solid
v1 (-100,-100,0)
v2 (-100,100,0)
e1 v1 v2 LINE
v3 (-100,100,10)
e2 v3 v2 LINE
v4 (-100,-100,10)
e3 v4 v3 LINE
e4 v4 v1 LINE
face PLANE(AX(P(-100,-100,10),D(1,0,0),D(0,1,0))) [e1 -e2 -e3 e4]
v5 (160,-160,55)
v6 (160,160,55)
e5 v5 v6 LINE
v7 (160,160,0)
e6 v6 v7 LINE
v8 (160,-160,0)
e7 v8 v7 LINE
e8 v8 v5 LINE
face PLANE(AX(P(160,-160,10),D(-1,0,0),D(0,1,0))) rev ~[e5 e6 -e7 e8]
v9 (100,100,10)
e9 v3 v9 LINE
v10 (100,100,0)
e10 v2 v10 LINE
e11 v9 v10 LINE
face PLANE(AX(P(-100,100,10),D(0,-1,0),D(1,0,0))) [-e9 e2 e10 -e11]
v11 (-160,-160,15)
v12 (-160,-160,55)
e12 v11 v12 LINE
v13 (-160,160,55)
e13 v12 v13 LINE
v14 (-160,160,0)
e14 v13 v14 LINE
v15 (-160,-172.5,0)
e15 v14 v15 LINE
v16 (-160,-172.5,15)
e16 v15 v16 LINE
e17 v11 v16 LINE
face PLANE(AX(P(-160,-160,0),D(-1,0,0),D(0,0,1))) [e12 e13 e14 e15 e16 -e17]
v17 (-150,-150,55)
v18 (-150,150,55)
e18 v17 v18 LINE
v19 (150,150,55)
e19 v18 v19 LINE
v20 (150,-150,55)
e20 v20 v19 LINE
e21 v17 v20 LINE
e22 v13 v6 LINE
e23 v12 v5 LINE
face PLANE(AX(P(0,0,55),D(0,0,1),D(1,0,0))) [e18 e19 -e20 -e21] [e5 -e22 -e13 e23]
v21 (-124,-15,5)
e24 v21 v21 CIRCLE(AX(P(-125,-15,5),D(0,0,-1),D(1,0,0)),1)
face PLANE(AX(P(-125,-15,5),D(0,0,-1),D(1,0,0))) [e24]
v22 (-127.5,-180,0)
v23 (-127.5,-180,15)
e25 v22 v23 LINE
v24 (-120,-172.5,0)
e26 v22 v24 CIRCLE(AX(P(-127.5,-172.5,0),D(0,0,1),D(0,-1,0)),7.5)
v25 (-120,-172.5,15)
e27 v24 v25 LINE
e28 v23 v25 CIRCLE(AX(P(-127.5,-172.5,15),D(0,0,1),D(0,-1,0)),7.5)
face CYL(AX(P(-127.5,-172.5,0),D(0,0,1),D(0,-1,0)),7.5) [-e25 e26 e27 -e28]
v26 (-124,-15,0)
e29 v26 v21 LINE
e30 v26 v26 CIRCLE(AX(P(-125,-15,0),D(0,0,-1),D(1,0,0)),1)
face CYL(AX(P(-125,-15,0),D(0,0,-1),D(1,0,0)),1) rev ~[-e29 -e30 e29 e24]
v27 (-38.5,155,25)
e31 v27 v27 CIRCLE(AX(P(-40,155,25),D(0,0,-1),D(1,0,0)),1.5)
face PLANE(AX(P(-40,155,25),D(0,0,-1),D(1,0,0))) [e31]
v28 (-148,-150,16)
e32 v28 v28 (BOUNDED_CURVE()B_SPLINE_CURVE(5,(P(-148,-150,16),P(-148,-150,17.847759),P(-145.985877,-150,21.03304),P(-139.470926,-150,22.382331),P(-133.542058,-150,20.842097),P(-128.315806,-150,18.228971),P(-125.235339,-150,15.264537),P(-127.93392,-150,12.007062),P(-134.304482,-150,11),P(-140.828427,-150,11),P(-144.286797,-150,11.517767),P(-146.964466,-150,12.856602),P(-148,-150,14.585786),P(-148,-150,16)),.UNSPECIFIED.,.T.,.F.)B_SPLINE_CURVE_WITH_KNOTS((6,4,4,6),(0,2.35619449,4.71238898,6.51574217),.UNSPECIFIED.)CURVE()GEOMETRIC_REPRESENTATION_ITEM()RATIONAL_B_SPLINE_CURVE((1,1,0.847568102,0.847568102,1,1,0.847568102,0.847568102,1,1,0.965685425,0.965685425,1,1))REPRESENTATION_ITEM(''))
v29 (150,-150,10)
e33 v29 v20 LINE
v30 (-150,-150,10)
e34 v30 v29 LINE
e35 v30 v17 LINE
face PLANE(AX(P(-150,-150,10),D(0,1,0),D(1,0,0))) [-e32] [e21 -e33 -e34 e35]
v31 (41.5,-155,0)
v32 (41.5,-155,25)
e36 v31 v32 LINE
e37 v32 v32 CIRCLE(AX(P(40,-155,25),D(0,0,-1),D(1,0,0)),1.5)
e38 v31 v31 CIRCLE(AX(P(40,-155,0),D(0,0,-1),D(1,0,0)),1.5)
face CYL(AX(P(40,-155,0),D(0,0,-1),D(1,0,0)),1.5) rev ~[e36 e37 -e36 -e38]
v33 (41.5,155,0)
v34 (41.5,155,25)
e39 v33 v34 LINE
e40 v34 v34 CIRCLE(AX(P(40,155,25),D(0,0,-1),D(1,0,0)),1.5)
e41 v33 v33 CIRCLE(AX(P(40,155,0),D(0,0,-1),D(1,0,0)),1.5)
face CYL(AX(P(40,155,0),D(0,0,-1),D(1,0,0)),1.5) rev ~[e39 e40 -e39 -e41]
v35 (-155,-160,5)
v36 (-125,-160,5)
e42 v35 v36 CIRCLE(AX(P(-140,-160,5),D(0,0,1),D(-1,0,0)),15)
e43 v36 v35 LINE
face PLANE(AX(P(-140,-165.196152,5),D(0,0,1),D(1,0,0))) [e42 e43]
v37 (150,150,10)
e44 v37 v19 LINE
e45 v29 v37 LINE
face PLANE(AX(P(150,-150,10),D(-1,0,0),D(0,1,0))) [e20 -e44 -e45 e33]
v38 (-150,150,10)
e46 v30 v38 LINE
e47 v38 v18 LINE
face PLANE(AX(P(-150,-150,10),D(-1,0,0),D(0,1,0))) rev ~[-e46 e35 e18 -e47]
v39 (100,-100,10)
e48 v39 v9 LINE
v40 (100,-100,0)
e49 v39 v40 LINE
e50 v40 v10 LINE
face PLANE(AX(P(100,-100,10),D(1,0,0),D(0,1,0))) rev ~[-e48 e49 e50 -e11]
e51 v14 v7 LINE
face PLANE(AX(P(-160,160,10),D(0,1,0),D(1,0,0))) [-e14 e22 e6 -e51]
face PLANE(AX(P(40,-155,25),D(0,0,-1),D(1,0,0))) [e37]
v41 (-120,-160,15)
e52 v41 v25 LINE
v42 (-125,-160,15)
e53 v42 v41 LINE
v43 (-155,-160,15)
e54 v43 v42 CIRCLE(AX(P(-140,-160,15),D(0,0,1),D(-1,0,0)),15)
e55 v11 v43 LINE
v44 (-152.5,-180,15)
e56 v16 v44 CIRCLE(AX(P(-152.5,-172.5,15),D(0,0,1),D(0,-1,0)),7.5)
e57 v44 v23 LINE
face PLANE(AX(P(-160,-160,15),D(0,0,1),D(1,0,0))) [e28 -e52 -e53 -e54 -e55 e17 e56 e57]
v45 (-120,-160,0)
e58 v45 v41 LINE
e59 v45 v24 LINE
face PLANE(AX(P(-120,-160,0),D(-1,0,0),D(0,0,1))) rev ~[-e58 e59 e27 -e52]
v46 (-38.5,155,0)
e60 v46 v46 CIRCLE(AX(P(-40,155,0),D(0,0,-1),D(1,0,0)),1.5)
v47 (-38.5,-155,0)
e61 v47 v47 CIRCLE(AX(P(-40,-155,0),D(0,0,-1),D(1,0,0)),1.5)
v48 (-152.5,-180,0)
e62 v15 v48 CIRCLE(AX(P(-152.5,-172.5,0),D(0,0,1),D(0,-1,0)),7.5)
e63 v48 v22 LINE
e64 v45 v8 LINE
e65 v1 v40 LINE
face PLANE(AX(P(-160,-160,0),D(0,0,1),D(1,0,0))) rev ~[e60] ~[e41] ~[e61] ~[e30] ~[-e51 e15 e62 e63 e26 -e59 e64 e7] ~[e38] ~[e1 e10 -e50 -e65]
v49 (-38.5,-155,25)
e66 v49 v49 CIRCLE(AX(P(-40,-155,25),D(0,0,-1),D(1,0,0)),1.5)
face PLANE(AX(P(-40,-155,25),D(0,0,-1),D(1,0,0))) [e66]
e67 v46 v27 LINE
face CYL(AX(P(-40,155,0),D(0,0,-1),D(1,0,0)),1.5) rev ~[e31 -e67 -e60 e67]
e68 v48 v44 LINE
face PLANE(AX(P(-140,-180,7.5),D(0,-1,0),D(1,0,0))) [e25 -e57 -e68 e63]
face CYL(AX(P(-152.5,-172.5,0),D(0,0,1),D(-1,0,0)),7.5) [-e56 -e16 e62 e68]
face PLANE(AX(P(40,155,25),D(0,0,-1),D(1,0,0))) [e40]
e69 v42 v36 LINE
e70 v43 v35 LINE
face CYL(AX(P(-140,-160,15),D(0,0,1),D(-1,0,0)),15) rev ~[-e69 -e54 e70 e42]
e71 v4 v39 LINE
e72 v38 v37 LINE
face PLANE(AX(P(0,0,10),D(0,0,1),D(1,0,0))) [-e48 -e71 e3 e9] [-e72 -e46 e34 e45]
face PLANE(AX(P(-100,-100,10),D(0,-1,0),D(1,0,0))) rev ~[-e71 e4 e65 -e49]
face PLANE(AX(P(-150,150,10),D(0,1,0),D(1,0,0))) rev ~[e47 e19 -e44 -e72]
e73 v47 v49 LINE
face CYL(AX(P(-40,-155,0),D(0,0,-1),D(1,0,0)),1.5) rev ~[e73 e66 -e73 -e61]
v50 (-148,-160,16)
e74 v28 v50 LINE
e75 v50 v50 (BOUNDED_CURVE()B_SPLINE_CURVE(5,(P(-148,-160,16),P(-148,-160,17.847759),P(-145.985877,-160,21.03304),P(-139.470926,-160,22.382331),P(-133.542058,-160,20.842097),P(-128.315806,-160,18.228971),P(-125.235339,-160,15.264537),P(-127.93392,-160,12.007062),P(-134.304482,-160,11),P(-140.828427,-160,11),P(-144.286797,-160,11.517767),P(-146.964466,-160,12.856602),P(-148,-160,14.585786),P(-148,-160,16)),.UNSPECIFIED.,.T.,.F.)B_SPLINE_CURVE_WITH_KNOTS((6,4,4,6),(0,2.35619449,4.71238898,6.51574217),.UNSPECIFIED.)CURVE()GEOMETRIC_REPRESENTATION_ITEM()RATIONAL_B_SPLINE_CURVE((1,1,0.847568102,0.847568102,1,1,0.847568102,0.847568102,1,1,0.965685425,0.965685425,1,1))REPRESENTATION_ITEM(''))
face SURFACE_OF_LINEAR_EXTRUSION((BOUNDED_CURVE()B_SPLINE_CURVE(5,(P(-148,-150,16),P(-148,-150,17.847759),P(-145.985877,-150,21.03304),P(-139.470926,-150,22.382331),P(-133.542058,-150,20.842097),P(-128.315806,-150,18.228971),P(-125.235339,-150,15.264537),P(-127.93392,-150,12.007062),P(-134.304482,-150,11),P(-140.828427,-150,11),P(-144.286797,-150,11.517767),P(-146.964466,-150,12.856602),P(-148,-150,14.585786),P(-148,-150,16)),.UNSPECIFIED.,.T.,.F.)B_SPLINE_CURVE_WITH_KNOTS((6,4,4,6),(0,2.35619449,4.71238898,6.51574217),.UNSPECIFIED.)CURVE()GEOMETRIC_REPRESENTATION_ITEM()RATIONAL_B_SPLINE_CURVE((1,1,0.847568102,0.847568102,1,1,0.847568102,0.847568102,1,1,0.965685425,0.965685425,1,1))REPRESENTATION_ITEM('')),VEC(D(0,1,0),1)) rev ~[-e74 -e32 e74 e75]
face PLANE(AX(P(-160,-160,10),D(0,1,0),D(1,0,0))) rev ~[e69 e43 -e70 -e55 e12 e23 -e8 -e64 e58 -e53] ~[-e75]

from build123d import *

# Parameters (mm, degrees)
F0_W      = 320
F0_H      = 320
F1_DEPTH  = 10
F2_W      = 320
F2_H      = 320
F2_W_2    = 300
F2_H_2    = 300
F3_DEPTH  = 45
F4_W      = 200
F4_H      = 200
F5_DEPTH  = 25
F6_W      = 40
F6_H      = 15
F7_DEPTH  = 20
F9_DEPTH  = 10
F10_R     = 7.5
F12_DEPTH = 10
F13_R     = 1.5
F14_DEPTH = 25
F15_R     = 1
F16_DEPTH = 5


with BuildPart() as f1:
    # F0 (on Top) → F1 (new body)
    with BuildSketch(Plane.XY):
        Rectangle(F0_W, F0_H)
    extrude(amount=F1_DEPTH)

    # F2 (on face) → F3 (join)
    with BuildSketch(Plane.XY.offset(10)):
        Rectangle(F2_W, F2_H)
        Rectangle(F2_W_2, F2_H_2, mode=Mode.SUBTRACT)
    extrude(amount=F3_DEPTH)

    # F4 (on face) → F5 (cut)
    with BuildSketch(Plane.XY.offset(10)):
        Rectangle(F4_W, F4_H)
    extrude(amount=-F5_DEPTH, mode=Mode.SUBTRACT)

    # F6 (on face) → F7 (join)
    with BuildSketch(Plane.XZ.offset(160)):
        with Locations((-140, 7.5)):
            Rectangle(F6_W, F6_H)
    extrude(amount=F7_DEPTH)

    # F8 (on face) → F9 (cut)
    with BuildSketch(Plane.XY.offset(15)):
        with BuildLine():
            Line((-125, -160), (-155, -160))
            ThreePointArc((-155, -160), (-140, -175), (-125, -160))
        make_face()
    extrude(amount=-F9_DEPTH, mode=Mode.SUBTRACT)

    # F10
    f10_edges = [f1.edges().sort_by_distance(p)[0] for p in [
        (-120, -180, 7.5),
        (-160, -180, 7.5),
    ]]
    fillet(f10_edges, radius=F10_R)

    # F11 (on face) → F12 (cut)
    with BuildSketch(Plane(origin=(0, -150, 0), x_dir=(-1, 0, 0), z_dir=(0, 1, 0))):
        with BuildLine():
            add(Edge.make_bspline(
                [(138, 11), (148, 11), (148, 16)],
                knots=[4.7123889804, 4.7123889804, 4.7123889804, 6.2831853072, 6.2831853072, 6.2831853072], degree=2, weights=[1, 0.7071067812, 1]))
            add(Edge.make_bspline(
                [(148, 16), (148, 28.0710678119), (130.9289321881, 19.5355339059), (113.8578643763, 11), (138, 11)],
                knots=[0, 0, 0, 2.3561944902, 2.3561944902, 4.7123889804, 4.7123889804, 4.7123889804], degree=2, weights=[1, 0.3826834324, 1, 0.3826834324, 1]))
        make_face()
    extrude(amount=-F12_DEPTH, mode=Mode.SUBTRACT)

    # F13 (on face) → F14 (cut)
    with BuildSketch(Plane(origin=(0, 0, 0), x_dir=(1, 0, 0), z_dir=(0, 0, -1))):
        with Locations((-40, 155)):
            Circle(F13_R)
        with Locations((40, 155)):
            Circle(F13_R)
        with Locations((40, -155)):
            Circle(F13_R)
        with Locations((-40, -155)):
            Circle(F13_R)
    extrude(amount=-F14_DEPTH, mode=Mode.SUBTRACT)

    # F15 (on face) → F16 (cut)
    with BuildSketch(Plane(origin=(0, 0, 0), x_dir=(1, 0, 0), z_dir=(0, 0, -1))):
        with Locations((-125, 15)):
            Circle(F15_R)
    extrude(amount=-F16_DEPTH, mode=Mode.SUBTRACT)


solid = f1.part
